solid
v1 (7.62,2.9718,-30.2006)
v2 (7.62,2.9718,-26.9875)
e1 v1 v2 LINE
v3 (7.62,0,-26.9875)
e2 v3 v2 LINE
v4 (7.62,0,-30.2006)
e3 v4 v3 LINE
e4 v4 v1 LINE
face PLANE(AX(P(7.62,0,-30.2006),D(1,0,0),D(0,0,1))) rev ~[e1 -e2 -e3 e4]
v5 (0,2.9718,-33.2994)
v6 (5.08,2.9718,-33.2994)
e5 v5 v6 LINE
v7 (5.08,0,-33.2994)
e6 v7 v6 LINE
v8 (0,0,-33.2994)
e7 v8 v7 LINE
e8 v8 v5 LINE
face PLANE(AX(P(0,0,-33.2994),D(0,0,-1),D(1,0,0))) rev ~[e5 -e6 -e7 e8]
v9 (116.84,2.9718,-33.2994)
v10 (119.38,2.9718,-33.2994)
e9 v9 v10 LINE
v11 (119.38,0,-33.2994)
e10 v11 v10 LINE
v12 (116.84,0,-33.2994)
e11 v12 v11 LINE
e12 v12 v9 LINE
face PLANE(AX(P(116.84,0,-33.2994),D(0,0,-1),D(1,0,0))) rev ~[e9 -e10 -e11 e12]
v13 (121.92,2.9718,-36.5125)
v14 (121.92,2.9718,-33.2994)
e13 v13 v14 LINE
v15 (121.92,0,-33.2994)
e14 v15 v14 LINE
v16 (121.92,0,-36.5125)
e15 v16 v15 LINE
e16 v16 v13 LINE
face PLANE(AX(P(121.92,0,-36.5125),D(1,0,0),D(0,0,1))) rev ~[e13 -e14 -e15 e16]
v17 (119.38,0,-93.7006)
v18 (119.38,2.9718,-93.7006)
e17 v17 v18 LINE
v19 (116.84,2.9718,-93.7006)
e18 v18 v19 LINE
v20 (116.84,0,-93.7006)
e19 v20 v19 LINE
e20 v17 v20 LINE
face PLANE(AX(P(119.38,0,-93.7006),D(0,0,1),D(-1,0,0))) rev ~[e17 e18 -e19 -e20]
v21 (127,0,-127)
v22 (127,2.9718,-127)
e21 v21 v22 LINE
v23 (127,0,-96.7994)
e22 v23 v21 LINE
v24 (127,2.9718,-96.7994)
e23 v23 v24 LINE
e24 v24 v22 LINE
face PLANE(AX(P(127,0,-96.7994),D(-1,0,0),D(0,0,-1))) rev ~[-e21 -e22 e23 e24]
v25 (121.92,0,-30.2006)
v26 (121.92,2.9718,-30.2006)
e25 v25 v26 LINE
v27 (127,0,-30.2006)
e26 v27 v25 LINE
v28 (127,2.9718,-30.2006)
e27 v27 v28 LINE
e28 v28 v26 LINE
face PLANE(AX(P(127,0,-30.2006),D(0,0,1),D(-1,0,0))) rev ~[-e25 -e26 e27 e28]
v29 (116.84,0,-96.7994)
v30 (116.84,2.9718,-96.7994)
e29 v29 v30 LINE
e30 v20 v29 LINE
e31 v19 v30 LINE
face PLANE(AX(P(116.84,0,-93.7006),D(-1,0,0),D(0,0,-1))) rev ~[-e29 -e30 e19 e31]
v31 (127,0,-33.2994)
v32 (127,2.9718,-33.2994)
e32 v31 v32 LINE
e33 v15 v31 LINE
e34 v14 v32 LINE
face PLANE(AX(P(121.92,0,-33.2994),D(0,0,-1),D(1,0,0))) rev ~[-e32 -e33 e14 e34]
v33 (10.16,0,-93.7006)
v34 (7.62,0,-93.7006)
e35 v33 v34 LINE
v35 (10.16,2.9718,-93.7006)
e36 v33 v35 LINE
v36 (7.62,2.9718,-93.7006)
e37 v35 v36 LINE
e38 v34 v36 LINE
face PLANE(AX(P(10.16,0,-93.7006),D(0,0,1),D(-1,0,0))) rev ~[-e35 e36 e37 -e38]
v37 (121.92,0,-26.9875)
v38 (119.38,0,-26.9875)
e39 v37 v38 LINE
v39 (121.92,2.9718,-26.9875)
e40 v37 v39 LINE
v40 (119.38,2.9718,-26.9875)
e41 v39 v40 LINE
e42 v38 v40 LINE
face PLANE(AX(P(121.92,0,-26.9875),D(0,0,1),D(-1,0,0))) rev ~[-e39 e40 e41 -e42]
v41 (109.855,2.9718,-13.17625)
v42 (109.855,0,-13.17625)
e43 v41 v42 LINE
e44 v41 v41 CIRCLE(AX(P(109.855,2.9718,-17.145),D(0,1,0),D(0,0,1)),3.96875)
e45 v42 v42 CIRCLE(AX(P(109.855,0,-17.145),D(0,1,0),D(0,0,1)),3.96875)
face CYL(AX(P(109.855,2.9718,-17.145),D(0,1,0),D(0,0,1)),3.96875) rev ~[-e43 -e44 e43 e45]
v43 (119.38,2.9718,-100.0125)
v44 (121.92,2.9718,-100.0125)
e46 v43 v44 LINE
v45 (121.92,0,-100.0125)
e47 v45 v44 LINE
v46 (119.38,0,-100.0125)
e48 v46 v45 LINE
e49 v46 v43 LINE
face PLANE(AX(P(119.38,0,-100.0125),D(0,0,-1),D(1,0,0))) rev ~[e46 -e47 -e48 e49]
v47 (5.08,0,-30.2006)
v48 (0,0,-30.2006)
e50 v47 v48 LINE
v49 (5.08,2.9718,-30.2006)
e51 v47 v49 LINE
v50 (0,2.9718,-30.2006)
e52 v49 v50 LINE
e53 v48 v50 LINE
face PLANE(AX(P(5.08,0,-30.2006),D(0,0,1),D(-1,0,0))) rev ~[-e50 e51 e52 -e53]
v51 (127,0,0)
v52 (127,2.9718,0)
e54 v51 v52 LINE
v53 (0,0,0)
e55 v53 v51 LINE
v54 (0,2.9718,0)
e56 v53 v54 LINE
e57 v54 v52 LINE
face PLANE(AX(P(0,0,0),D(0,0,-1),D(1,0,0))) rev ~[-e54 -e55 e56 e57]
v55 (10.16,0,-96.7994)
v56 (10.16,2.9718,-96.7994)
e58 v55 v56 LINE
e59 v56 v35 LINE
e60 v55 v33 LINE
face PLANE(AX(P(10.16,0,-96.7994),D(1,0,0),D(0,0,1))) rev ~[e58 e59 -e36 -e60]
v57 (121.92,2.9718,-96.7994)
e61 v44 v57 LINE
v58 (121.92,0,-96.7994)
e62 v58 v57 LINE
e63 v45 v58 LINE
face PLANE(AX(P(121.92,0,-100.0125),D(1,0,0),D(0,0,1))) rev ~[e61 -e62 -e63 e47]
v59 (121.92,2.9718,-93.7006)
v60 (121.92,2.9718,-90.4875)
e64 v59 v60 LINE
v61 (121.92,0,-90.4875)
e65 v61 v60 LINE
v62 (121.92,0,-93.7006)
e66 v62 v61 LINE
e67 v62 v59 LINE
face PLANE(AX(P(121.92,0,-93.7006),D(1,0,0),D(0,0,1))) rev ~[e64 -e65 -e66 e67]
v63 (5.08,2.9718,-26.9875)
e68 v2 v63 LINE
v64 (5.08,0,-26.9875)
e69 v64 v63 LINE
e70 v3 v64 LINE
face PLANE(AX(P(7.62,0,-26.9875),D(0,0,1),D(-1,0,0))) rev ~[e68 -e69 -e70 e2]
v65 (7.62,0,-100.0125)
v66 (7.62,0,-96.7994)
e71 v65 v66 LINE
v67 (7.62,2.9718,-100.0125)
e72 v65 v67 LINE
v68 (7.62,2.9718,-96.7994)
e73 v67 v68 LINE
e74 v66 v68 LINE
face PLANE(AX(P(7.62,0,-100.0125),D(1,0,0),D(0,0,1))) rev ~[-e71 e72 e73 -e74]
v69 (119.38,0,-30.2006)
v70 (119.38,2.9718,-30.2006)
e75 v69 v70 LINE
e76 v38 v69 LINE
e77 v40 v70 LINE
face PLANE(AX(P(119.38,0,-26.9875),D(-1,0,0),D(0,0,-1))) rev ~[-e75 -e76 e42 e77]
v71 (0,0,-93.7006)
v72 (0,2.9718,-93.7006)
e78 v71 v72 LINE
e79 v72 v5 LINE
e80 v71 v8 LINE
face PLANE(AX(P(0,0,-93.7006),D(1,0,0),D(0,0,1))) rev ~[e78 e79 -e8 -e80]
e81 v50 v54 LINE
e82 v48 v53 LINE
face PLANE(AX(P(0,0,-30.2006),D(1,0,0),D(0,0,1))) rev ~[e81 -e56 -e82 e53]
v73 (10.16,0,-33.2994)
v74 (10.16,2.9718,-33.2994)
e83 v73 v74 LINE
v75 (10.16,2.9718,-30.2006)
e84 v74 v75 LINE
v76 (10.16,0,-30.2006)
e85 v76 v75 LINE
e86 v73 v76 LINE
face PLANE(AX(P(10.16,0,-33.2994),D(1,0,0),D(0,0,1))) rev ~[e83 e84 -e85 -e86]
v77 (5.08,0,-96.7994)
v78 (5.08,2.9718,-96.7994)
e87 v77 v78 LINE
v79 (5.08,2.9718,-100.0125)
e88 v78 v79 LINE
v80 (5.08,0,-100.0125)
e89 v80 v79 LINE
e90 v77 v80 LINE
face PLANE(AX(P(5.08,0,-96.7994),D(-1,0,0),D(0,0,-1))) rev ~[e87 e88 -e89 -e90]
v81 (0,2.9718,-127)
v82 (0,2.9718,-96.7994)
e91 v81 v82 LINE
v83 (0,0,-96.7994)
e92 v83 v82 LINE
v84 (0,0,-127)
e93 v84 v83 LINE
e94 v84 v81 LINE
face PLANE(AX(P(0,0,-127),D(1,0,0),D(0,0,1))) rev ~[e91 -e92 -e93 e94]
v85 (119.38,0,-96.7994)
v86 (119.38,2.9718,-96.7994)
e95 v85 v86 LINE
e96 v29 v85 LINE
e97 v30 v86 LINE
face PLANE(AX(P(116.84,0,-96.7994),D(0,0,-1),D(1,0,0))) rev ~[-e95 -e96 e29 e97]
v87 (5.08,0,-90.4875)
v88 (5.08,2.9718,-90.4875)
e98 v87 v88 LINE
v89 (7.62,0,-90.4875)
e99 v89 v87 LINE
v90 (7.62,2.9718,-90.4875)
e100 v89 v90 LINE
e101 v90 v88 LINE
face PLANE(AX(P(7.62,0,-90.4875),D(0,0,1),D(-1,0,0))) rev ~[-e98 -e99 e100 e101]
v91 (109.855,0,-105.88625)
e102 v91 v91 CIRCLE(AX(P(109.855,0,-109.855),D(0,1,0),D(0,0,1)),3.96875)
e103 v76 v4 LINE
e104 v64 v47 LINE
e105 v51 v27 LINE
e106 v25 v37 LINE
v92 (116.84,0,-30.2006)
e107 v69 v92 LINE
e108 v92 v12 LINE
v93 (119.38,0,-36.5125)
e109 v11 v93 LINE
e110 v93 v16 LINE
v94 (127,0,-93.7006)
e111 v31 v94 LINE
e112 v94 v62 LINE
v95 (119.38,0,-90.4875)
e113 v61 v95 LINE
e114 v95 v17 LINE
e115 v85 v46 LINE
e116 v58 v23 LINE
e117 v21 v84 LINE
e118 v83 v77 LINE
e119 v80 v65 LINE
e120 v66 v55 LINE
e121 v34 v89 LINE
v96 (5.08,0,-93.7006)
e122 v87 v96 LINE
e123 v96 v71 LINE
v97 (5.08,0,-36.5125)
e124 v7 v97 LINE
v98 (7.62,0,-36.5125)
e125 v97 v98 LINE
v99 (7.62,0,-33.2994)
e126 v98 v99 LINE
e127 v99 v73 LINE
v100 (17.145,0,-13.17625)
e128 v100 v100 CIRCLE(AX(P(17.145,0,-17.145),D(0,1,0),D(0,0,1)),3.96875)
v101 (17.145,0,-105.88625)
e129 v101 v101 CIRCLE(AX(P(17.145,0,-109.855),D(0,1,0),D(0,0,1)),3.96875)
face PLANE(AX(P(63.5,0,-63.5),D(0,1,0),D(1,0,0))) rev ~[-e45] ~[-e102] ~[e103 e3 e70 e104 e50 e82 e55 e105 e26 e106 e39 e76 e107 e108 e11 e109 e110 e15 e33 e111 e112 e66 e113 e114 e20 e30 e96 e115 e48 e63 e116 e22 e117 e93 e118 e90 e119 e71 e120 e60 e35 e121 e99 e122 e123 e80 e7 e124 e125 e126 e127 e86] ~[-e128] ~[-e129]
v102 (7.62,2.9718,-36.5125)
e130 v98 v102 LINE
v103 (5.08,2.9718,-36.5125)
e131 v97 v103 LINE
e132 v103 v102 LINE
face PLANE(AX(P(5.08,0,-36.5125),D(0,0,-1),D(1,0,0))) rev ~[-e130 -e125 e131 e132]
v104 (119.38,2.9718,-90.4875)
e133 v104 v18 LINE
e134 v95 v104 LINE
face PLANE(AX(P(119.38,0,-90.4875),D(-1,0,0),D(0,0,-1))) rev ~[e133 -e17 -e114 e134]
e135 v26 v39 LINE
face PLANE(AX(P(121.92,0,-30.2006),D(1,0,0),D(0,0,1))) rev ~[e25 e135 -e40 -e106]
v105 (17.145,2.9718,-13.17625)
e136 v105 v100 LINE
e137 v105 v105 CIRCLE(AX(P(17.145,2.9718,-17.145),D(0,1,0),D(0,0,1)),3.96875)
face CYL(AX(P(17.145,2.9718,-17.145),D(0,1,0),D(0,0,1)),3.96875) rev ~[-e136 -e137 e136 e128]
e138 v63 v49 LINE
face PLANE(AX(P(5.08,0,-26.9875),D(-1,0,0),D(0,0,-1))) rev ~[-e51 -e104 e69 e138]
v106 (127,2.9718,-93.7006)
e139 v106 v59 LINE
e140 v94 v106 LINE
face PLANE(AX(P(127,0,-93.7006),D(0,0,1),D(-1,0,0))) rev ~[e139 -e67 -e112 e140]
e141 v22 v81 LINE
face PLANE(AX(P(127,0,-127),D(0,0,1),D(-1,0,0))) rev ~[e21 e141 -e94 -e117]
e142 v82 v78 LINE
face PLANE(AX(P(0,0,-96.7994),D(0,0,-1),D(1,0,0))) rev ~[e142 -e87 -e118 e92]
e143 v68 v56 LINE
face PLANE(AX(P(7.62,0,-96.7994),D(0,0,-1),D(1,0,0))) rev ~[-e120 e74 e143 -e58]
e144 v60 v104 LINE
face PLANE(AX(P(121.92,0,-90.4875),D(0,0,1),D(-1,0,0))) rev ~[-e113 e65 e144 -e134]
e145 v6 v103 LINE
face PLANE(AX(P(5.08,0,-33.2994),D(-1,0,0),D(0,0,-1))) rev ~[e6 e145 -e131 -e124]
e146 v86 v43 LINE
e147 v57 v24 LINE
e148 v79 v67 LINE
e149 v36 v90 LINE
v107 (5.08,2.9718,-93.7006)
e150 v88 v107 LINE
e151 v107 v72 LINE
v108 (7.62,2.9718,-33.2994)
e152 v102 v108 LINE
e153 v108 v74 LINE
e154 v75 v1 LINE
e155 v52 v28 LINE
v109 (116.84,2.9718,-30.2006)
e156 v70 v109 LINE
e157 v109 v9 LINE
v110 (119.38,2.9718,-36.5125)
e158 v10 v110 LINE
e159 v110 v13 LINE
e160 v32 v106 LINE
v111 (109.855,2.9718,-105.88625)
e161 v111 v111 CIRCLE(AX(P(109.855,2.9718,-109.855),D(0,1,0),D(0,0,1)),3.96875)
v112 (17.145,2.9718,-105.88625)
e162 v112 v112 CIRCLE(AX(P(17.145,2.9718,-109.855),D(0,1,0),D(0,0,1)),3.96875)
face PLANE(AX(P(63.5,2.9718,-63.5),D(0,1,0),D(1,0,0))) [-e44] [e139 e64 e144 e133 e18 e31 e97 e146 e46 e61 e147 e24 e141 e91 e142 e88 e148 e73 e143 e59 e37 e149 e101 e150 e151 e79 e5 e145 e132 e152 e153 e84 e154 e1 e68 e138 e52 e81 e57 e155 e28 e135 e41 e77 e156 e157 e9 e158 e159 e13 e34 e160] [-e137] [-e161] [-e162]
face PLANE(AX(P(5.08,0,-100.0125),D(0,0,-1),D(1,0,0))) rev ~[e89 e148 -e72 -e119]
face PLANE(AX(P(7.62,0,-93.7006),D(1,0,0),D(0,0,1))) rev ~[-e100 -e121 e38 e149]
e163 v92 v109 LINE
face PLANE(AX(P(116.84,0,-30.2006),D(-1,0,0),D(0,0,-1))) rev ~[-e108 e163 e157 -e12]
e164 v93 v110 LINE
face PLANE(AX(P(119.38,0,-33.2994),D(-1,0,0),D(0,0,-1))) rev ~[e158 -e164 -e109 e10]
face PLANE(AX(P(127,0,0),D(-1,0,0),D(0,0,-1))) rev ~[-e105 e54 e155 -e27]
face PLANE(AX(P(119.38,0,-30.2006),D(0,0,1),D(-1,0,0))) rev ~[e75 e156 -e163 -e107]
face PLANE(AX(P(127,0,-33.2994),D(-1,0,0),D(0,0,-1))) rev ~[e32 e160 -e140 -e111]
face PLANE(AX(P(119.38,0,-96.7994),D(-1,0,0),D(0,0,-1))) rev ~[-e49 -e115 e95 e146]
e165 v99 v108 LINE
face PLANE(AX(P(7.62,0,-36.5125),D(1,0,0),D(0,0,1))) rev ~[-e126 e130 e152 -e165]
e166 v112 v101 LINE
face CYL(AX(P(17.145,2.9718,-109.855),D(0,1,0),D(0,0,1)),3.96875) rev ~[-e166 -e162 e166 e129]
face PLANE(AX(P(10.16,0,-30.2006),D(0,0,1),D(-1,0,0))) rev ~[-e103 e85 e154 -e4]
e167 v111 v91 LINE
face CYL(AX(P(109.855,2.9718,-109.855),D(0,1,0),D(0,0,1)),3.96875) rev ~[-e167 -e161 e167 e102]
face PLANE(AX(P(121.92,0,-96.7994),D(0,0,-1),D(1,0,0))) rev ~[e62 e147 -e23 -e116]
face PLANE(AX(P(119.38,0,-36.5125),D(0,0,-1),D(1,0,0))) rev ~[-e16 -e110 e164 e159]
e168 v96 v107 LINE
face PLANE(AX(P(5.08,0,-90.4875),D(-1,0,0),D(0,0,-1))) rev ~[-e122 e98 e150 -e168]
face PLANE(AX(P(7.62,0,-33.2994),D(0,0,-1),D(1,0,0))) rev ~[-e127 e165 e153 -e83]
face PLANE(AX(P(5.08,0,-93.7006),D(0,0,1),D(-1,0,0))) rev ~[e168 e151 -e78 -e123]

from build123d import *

# Parameters (mm, degrees)
BOSS_EXTRUDE1_DEPTH = 2.9718
SKETCH3_R           = 3.96875
CUT_EXTRUDE1_DEPTH  = 2.9718


with BuildPart() as part:
    # Sketch2 → Boss-Extrude1 (new body)
    with BuildSketch(Plane(origin=(0, 0, 0), x_dir=(1, 0, 0), z_dir=(0, 1, 0))):
        Polygon((0, 30.2006), (0, 0), (127, 0), (127, 30.2006), (121.92, 30.2006), (121.92, 26.9875), (119.38, 26.9875), (119.38, 30.2006), (116.84, 30.2006), (116.84, 33.2994), (119.38, 33.2994), (119.38, 36.5125), (121.92, 36.5125), (121.92, 33.2994), (127, 33.2994), (127, 63.5), (127, 93.7006), (121.92, 93.7006), (121.92, 90.4875), (119.38, 90.4875), (119.38, 93.7006), (116.84, 93.7006), (116.84, 96.7994), (119.38, 96.7994), (119.38, 100.0125), (121.92, 100.0125), (121.92, 96.7994), (127, 96.7994), (127, 127), (0, 127), (0, 96.7994), (5.08, 96.7994), (5.08, 100.0125), (7.62, 100.0125), (7.62, 96.7994), (10.16, 96.7994), (10.16, 93.7006), (7.62, 93.7006), (7.62, 90.4875), (5.08, 90.4875), (5.08, 93.7006), (0, 93.7006), (0, 63.5), (0, 33.2994), (5.08, 33.2994), (5.08, 36.5125), (7.62, 36.5125), (7.62, 33.2994), (10.16, 33.2994), (10.16, 30.2006), (7.62, 30.2006), (7.62, 26.9875), (5.08, 26.9875), (5.08, 30.2006), align=None)
    extrude(amount=BOSS_EXTRUDE1_DEPTH)

    # Sketch3 → Cut-Extrude1 (cut)
    with BuildSketch(Plane(origin=(0, 2.9718, 0), x_dir=(1, 0, 0), z_dir=(0, 1, 0))):
        with Locations(Location((17.145, 109.855, 0), (0, 0, 270))):
            Circle(SKETCH3_R)
        with Locations(Location((109.855, 109.855, 0), (0, 0, 270))):
            Circle(SKETCH3_R)
        with Locations(Location((109.855, 17.145, 0), (0, 0, 270))):
            Circle(SKETCH3_R)
        with Locations(Location((17.145, 17.145, 0), (0, 0, 270))):
            Circle(SKETCH3_R)
    extrude(amount=-CUT_EXTRUDE1_DEPTH, mode=Mode.SUBTRACT)


solid = part.part
